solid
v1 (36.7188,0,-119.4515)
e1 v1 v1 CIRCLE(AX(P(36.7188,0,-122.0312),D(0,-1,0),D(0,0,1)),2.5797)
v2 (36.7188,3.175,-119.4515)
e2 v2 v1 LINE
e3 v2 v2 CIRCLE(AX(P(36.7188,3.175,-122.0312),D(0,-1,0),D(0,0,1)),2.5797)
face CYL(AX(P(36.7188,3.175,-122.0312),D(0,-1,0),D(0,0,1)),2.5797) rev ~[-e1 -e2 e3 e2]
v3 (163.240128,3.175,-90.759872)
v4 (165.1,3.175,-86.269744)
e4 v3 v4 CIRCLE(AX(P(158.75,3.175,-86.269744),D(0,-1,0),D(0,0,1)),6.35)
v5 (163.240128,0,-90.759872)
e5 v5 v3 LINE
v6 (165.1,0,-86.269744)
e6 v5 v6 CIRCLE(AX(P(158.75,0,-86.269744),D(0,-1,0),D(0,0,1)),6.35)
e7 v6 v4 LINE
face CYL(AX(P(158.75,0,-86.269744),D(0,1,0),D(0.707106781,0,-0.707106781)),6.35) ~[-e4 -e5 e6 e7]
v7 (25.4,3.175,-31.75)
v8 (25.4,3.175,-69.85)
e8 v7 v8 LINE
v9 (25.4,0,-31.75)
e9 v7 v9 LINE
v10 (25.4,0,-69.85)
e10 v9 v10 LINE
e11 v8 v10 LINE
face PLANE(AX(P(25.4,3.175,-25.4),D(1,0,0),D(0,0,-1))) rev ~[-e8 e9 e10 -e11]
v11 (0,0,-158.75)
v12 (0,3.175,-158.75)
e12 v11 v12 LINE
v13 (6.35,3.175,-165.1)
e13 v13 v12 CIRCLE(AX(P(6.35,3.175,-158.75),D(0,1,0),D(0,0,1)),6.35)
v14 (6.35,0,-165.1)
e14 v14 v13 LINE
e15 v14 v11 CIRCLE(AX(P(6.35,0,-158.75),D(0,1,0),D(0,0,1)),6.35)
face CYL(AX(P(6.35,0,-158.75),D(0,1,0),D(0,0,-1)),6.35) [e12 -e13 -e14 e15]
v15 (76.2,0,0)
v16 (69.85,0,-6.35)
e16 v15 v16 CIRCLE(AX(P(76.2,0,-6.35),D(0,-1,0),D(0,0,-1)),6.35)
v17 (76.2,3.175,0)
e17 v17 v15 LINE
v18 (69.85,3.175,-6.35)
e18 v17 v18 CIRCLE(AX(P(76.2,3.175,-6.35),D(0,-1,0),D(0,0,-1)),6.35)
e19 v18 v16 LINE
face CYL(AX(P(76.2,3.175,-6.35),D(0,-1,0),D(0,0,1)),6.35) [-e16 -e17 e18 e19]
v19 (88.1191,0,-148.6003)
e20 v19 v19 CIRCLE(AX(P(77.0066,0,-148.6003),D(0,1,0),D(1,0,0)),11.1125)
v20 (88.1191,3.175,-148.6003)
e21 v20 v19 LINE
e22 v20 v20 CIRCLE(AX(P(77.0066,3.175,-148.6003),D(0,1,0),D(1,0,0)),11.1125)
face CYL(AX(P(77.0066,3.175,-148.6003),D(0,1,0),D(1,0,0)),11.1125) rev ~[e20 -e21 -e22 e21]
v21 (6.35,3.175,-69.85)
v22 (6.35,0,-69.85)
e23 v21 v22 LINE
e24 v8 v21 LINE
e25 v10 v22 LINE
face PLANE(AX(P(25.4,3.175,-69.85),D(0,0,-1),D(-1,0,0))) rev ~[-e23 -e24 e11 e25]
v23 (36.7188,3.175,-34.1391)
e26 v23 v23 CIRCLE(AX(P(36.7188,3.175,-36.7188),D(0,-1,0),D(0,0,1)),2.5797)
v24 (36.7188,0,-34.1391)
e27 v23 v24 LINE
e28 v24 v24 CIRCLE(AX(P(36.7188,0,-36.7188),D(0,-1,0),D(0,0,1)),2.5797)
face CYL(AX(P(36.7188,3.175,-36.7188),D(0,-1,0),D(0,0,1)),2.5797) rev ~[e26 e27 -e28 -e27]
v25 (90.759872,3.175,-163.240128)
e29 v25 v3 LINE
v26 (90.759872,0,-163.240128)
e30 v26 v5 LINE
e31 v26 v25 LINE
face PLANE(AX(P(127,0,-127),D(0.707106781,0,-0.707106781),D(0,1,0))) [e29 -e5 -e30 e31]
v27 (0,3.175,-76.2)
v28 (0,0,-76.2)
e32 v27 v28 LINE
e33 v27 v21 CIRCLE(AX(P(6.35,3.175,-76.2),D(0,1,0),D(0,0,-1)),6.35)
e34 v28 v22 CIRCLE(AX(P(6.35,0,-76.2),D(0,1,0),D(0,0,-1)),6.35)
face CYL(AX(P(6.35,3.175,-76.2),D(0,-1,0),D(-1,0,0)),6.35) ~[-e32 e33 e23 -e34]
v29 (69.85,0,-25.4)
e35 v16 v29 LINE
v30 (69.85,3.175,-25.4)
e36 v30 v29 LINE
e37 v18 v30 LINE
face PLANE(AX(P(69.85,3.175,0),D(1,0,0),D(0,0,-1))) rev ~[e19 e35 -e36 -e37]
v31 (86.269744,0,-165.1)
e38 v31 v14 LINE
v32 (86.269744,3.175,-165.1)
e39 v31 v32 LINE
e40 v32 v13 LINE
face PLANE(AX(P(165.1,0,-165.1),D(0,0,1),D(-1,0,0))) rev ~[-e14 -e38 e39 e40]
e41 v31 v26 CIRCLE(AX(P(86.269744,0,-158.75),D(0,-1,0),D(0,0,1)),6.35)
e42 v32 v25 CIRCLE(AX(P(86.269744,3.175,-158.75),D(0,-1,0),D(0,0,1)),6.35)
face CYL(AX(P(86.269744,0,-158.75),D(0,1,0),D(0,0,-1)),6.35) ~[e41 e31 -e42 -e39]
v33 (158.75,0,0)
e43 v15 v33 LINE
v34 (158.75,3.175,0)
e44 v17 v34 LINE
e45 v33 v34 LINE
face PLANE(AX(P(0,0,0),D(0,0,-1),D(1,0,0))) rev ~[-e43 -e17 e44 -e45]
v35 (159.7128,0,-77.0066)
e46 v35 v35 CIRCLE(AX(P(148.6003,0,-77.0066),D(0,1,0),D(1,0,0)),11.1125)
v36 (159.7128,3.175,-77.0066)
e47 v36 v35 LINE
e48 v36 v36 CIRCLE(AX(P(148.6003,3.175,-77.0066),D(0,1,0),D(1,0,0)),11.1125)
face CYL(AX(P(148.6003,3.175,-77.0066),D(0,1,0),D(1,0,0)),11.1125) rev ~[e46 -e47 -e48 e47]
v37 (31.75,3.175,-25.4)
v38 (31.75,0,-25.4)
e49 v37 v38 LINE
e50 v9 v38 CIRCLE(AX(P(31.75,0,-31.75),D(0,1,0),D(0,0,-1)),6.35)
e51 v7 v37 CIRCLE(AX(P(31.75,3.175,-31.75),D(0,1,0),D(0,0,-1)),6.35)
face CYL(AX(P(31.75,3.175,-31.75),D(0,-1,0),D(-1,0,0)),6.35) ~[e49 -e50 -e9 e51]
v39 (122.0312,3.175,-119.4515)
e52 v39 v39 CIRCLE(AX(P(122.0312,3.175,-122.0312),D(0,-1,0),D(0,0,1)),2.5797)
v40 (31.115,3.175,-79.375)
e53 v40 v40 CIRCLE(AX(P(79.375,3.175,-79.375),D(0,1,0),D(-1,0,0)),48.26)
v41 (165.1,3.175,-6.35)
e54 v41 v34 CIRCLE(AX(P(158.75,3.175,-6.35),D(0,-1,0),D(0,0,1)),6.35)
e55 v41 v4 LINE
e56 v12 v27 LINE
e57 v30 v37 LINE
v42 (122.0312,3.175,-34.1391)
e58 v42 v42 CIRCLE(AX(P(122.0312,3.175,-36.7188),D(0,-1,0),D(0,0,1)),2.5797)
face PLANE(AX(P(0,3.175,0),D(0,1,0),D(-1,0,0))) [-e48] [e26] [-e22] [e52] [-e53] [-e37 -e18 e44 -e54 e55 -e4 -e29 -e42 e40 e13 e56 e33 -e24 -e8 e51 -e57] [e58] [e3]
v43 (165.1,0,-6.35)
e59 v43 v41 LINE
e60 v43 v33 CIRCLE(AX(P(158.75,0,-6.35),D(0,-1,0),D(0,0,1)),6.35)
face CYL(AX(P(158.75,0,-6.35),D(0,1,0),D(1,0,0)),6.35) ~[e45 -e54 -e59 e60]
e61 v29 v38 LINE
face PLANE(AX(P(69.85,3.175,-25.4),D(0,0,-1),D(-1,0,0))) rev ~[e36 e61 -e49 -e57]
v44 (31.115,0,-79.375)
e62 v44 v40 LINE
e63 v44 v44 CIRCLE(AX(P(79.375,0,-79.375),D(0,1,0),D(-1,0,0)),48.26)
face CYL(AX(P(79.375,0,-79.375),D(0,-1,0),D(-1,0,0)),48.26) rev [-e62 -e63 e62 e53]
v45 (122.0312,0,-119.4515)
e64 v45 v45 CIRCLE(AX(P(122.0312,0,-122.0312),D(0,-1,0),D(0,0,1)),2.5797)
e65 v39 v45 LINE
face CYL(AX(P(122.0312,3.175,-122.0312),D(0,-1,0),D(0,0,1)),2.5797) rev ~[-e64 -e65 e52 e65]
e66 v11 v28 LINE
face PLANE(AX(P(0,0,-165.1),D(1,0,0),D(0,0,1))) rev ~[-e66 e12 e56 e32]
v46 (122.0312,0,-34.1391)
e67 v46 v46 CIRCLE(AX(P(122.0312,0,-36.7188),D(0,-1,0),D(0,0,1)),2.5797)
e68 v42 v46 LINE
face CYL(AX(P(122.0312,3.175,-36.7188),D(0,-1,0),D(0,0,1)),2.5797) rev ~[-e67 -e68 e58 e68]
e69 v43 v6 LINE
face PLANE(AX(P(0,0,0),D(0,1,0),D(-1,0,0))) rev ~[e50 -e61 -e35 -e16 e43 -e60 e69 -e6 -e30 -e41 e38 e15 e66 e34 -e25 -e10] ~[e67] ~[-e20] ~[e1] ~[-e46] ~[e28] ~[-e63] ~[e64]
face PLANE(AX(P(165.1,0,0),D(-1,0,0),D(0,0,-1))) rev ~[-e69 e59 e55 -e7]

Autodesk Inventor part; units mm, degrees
ref_plane "YZ Plane" through (0, 0, 0) normal (1, 0, 0) x (0, 1, 0)
ref_plane "XZ Plane" through (0, 0, 0) normal (0, 1, 0) x (-1, 0, 0)
ref_plane "XY Plane" through (0, 0, 0) normal (0, 0, 1) x (1, 0, 0)
sketch "Sketch1" plane through (0, 0, 0) normal (0, 1, 0) x (-1, 0, 0)
  line L0 (0, 0) -> (-165.1, 0)
  line L1 (-165.1, 0) -> (-165.1, -165.1)
  line L2 (-165.1, -165.1) -> (0, -165.1)
  line L3 (0, -165.1) -> (0, 0)
  circle A0 centre (-79.375, -79.375) radius 48.26
  line L4 (-25.4, -165.1) -> (-25.4, 0) construction
  line L5 (0, -25.4) -> (-165.1, -25.4) construction
  line L6 (0, 0) -> (-165.1, -165.1) construction
  circle A1 centre (-79.375, -79.375) radius 53.975 construction
  dimension "d0" = 96.52
  dimension "d3" = 25.4
  dimension "d4" = 25.4
  dimension "d5" = 107.95
  dimension "d24" = 165.1
extrude "Extrusion1" add sketch "Sketch1" along normal blind 3.175
sketch "Sketch2" plane through (0, 3.175, 0) normal (0, 1, 0) x (1, 0, 0)
  circle A0 centre (79.375, 79.375) radius 48.26 construction
  circle A1 centre (79.375, 79.375) radius 60.325 construction
  line L0 (0, 165.1) -> (0, 0) construction
  arc A2 (177.8, 76.2) -> (76.2, 177.8) centre (76.2, 76.2) ccw construction
  line L1 (36.7188, 36.7188) -> (122.0312, 36.7188) construction
  line L2 (122.0312, 36.7188) -> (122.0312, 122.0312) construction
  line L3 (122.0312, 122.0312) -> (36.7188, 122.0312) construction
  line L4 (36.7188, 122.0312) -> (36.7188, 36.7188) construction
  dimension "d9" = 120.65
hole "Hole1" at (36.7188, 3.175, -36.7188) at (122.0312, 3.175, -122.0312) at (122.0312, 3.175, -36.7188) at (36.7188, 3.175, -122.0312) direction (0, -1, 0) diameter 5.1594 end through all
sketch "Sketch4" plane through (0, 3.175, 0) normal (0, 1, 0) x (1, 0, 0)
  line L0 (0, 0) -> (165.1, 0) projected
  line L1 (0, 0) -> (25.4, 0)
  line L2 (25.4, 0) -> (25.4, 69.85)
  line L3 (25.4, 69.85) -> (0, 69.85)
  line L4 (0, 69.85) -> (0, 0)
  line L5 (25.4, 0) -> (69.85, 0)
  line L6 (69.85, 0) -> (69.85, 25.4)
  line L7 (69.85, 25.4) -> (25.4, 25.4)
  line L8 (25.4, 25.4) -> (25.4, 0)
  dimension "d26" = 25.4
  dimension "d27" = 69.85
  dimension "d28" = 44.45
  dimension "d29" = 25.4
extrude "Extrusion3" cut sketch "Sketch4" against normal through all
chamfer "Chamfer1" distance 76.2 angle 45 1 edges at (165.1, 1.5875, -165.1)
fillet "Fillet4" radius 6.35 7 edges at (165.1, 1.5875, 0) (165.1, 1.5875, -88.9) (88.9, 1.5875, -165.1) (0, 1.5875, -165.1) (0, 1.5875, -69.85) (25.4, 1.5875, -25.4) (69.85, 1.5875, 0)
sketch "Sketch5" plane through (0, 3.175, 0) normal (0, 1, 0) x (1, 0, 0)
  circle A0 centre (148.6003, 77.0066) radius 11.1125
  circle A1 centre (79.375, 79.375) radius 48.26 construction
  circle A2 centre (79.375, 79.375) radius 69.2658 construction
  circle A3 centre (136.0149, 57.9229) radius 25.4 construction
  circle A4 centre (122.0312, 36.7188) radius 2.5797 construction
  circle A5 centre (136.0149, 57.9229) radius 22.86 construction
  line L0 (122.0312, 36.7188) -> (148.6003, 77.0066) construction
  circle A6 centre (36.7188, 36.7188) radius 2.5797 construction
  circle A7 centre (122.0312, 122.0312) radius 2.5797 construction
  line L1 (36.7188, 36.7188) -> (122.0312, 122.0312) construction
  circle A8 centre (77.0066, 148.6003) radius 11.1125
  point P0 (0, 0)
  dimension "d38" = 138.5316
  dimension "d39" = 50.8
  dimension "d40" = 45.72
  dimension "d37" = 22.225
extrude "Extrusion4" cut sketch "Sketch5" against normal through all
properties part number "BottomPlate" material "Aluminum 6061"
